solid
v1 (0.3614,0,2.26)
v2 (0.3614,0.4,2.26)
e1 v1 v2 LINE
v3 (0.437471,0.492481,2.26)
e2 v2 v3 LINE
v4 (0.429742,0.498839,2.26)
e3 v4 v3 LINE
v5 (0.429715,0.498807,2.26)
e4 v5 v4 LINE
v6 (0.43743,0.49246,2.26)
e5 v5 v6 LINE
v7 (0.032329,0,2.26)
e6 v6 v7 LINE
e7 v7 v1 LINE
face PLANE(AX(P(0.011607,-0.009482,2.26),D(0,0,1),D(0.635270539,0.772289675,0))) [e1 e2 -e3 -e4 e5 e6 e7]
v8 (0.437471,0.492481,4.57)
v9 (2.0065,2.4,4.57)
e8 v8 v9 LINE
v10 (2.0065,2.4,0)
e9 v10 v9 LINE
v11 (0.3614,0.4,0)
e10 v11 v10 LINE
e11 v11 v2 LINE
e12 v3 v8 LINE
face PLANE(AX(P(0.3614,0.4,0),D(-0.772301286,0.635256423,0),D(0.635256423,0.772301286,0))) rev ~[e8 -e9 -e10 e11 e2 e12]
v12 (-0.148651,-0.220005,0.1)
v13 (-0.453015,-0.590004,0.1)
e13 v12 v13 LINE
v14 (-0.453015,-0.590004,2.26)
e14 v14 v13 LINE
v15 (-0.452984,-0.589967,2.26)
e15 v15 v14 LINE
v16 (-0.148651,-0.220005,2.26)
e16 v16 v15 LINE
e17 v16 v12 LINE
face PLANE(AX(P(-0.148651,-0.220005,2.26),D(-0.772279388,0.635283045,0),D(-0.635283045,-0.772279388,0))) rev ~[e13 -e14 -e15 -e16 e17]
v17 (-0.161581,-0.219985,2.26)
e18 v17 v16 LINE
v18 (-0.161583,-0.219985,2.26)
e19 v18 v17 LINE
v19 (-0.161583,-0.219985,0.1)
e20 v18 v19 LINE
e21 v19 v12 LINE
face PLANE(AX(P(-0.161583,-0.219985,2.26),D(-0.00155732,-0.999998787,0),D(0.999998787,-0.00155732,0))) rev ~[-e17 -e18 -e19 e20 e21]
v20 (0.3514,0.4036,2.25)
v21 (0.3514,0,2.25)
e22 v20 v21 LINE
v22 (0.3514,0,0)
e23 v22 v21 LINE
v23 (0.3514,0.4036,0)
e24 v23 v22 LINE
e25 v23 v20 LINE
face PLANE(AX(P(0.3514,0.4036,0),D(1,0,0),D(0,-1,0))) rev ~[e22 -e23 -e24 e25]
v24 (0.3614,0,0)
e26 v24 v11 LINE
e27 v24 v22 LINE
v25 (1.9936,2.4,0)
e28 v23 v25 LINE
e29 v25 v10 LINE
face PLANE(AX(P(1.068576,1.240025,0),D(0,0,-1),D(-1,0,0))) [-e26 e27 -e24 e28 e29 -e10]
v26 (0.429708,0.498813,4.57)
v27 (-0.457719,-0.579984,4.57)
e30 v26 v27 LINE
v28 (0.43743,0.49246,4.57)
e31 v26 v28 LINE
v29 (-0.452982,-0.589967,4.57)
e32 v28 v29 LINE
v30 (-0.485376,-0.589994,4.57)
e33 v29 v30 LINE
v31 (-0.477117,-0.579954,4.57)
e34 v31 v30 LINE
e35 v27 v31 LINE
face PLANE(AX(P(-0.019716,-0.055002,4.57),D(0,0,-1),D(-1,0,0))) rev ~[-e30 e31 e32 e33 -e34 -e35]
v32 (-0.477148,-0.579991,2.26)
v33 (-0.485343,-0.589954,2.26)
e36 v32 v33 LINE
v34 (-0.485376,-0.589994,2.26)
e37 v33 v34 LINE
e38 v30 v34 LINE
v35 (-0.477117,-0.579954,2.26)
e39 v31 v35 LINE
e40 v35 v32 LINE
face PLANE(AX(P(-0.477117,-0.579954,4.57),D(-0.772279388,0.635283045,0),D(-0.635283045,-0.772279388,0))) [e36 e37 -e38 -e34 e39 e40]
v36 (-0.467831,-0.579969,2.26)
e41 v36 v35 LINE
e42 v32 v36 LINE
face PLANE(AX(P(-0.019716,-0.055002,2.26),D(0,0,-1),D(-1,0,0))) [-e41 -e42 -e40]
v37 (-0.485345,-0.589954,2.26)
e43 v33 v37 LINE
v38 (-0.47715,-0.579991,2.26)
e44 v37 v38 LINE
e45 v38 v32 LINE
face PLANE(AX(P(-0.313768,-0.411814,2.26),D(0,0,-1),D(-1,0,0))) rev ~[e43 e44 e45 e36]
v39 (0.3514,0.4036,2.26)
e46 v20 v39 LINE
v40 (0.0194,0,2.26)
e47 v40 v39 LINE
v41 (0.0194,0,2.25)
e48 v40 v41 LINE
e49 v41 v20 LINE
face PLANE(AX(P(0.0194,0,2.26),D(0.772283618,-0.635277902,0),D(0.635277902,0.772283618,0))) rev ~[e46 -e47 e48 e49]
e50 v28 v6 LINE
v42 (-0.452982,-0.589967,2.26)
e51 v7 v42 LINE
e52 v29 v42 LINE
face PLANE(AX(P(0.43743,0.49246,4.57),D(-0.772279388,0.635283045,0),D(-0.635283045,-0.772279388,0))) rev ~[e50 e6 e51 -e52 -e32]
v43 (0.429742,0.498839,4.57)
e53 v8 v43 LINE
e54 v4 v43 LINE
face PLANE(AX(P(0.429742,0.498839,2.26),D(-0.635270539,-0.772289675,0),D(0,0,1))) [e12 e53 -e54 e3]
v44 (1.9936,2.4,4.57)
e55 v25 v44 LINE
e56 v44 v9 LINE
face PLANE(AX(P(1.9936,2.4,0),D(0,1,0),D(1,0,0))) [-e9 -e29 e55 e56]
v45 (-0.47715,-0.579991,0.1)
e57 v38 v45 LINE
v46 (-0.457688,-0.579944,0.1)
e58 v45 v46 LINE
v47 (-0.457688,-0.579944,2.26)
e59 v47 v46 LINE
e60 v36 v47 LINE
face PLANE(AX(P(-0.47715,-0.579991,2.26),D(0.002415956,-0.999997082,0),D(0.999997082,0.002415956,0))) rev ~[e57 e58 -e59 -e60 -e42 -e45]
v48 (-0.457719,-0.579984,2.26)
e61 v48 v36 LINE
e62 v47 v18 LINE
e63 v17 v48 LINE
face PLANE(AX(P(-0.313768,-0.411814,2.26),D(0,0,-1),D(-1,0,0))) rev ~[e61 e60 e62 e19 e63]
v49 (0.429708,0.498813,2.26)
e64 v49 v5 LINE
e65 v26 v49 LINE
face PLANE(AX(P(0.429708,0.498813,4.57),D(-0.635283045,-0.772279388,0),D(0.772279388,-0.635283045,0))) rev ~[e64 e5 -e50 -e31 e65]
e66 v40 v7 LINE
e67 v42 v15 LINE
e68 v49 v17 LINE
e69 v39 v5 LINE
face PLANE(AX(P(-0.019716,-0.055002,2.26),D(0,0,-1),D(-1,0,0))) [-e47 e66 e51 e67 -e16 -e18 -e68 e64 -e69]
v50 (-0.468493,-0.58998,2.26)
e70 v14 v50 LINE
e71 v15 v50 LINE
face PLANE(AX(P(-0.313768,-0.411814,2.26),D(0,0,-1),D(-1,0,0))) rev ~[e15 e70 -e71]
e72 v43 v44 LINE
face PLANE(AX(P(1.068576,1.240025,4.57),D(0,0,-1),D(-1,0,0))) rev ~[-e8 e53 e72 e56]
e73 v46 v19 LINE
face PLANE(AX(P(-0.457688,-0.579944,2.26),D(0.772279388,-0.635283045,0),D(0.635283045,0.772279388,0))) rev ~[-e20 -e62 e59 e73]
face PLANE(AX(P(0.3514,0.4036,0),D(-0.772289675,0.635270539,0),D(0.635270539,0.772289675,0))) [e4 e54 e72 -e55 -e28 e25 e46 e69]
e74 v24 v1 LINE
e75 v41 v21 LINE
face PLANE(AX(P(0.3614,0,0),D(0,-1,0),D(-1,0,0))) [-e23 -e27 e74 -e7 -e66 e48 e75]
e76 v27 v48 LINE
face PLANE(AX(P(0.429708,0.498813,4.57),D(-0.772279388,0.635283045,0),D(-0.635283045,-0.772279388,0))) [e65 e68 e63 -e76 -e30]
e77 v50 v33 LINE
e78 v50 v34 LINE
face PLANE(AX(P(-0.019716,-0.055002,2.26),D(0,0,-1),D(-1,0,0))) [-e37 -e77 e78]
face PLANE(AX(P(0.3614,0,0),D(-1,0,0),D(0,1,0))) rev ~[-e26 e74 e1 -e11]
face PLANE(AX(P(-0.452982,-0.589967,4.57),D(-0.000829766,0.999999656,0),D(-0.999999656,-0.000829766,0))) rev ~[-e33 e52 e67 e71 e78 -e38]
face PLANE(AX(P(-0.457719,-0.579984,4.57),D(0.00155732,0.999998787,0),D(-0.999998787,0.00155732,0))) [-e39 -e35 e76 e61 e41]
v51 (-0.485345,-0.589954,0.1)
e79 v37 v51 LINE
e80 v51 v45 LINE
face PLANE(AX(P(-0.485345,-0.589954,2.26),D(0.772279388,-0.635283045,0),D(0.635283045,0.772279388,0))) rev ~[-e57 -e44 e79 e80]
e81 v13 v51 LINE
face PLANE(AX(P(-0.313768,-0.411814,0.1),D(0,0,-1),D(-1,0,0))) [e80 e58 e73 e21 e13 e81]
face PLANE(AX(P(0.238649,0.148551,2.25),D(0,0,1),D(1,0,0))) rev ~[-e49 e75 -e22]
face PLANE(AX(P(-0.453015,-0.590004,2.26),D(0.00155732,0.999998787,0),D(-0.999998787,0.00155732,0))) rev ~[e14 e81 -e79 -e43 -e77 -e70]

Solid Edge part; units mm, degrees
sketch "Sketch1" plane through (0, 0, 0) normal (0, 0, 1) x (1, 0, 0)
  line L0 (0.3514, 0.4036) -> (1.9936, 2.4)
  line L1 (1.9936, 2.4) -> (2.0065, 2.4)
  line L2 (0.3614, 0.4) -> (2.0065, 2.4)
  line L3 (0.3614, 0) -> (0.3614, 0.4)
  line L4 (0.3614, 0) -> (0.3514, 0)
  line L5 (0.3514, 0.4036) -> (0.3514, 0)
  dimension "D1" = 0.3614
extrude "Protrusion1" add sketch "Sketch1" along normal blind 4.57
sketch "Sketch2" plane through (1.1725, 1.4018, 2.325) normal (-0.7723, 0.6353, 0) x (0, 0, 1)
  line L0 (-0.065, -1.8274) -> (-0.065, -1.1692)
  line L1 (-0.065, -1.1692) -> (2.7493, -1.1692)
  line L2 (2.7493, -1.1692) -> (2.7493, -1.8274)
  line L3 (-0.065, -1.8274) -> (2.7493, -1.8274)
extrude "Cutout1" cut sketch "Sketch2" against normal through all
sketch "Sketch3" plane through (1.2181, 1.4462, 4.57) normal (0, 0, 1) x (0.6353, 0.7723, 0)
  line L0 (-1.2325, -0.003) -> (-2.6341, -0.003)
  line L1 (-2.6341, -0.003) -> (-2.6547, 0.022)
  line L2 (-2.6417, 0.022) -> (-2.6547, 0.022)
  line L3 (-2.6294, 0.007) -> (-2.6417, 0.022)
  line L4 (-1.2325, 0.007) -> (-2.6294, 0.007)
  line L5 (-1.2325, 0.007) -> (-1.2325, -0.003)
extrude "Protrusion2" add sketch "Sketch3" against normal up to surface (2.31 mm away)
sketch "Sketch4" plane through (-0.067, -0.0932, 2.26) normal (0, 0, -1) x (0.6353, 0.7723, 0)
  line L0 (-0.158, 0.0075) -> (-0.1498, 0.0175)
  line L1 (-0.1498, 0.0175) -> (-0.6289, 0.0175)
  line L2 (-0.6289, 0.0175) -> (-0.6494, -0.0075)
  line L3 (-0.6494, -0.0075) -> (-0.6365, -0.0075)
  line L4 (-0.6365, -0.0075) -> (-0.6241, 0.0075)
  line L5 (-0.6241, 0.0075) -> (-0.158, 0.0075)
extrude "Ausprägung_3" add sketch "Sketch4" along normal blind 2.16
sketch "Sketch5" plane through (0.3564, 0.2, 2.26) normal (0, 0, 1) x (0, 1, 0)
  line L0 (-0.2, 0.337) -> (-0.2, 0.005)
  line L1 (0.2036, 0.005) -> (-0.2, 0.005)
  line L2 (-0.2, 0.337) -> (0.2036, 0.005)
extrude "Ausprägung_4" add sketch "Sketch5" against normal blind 0.01
